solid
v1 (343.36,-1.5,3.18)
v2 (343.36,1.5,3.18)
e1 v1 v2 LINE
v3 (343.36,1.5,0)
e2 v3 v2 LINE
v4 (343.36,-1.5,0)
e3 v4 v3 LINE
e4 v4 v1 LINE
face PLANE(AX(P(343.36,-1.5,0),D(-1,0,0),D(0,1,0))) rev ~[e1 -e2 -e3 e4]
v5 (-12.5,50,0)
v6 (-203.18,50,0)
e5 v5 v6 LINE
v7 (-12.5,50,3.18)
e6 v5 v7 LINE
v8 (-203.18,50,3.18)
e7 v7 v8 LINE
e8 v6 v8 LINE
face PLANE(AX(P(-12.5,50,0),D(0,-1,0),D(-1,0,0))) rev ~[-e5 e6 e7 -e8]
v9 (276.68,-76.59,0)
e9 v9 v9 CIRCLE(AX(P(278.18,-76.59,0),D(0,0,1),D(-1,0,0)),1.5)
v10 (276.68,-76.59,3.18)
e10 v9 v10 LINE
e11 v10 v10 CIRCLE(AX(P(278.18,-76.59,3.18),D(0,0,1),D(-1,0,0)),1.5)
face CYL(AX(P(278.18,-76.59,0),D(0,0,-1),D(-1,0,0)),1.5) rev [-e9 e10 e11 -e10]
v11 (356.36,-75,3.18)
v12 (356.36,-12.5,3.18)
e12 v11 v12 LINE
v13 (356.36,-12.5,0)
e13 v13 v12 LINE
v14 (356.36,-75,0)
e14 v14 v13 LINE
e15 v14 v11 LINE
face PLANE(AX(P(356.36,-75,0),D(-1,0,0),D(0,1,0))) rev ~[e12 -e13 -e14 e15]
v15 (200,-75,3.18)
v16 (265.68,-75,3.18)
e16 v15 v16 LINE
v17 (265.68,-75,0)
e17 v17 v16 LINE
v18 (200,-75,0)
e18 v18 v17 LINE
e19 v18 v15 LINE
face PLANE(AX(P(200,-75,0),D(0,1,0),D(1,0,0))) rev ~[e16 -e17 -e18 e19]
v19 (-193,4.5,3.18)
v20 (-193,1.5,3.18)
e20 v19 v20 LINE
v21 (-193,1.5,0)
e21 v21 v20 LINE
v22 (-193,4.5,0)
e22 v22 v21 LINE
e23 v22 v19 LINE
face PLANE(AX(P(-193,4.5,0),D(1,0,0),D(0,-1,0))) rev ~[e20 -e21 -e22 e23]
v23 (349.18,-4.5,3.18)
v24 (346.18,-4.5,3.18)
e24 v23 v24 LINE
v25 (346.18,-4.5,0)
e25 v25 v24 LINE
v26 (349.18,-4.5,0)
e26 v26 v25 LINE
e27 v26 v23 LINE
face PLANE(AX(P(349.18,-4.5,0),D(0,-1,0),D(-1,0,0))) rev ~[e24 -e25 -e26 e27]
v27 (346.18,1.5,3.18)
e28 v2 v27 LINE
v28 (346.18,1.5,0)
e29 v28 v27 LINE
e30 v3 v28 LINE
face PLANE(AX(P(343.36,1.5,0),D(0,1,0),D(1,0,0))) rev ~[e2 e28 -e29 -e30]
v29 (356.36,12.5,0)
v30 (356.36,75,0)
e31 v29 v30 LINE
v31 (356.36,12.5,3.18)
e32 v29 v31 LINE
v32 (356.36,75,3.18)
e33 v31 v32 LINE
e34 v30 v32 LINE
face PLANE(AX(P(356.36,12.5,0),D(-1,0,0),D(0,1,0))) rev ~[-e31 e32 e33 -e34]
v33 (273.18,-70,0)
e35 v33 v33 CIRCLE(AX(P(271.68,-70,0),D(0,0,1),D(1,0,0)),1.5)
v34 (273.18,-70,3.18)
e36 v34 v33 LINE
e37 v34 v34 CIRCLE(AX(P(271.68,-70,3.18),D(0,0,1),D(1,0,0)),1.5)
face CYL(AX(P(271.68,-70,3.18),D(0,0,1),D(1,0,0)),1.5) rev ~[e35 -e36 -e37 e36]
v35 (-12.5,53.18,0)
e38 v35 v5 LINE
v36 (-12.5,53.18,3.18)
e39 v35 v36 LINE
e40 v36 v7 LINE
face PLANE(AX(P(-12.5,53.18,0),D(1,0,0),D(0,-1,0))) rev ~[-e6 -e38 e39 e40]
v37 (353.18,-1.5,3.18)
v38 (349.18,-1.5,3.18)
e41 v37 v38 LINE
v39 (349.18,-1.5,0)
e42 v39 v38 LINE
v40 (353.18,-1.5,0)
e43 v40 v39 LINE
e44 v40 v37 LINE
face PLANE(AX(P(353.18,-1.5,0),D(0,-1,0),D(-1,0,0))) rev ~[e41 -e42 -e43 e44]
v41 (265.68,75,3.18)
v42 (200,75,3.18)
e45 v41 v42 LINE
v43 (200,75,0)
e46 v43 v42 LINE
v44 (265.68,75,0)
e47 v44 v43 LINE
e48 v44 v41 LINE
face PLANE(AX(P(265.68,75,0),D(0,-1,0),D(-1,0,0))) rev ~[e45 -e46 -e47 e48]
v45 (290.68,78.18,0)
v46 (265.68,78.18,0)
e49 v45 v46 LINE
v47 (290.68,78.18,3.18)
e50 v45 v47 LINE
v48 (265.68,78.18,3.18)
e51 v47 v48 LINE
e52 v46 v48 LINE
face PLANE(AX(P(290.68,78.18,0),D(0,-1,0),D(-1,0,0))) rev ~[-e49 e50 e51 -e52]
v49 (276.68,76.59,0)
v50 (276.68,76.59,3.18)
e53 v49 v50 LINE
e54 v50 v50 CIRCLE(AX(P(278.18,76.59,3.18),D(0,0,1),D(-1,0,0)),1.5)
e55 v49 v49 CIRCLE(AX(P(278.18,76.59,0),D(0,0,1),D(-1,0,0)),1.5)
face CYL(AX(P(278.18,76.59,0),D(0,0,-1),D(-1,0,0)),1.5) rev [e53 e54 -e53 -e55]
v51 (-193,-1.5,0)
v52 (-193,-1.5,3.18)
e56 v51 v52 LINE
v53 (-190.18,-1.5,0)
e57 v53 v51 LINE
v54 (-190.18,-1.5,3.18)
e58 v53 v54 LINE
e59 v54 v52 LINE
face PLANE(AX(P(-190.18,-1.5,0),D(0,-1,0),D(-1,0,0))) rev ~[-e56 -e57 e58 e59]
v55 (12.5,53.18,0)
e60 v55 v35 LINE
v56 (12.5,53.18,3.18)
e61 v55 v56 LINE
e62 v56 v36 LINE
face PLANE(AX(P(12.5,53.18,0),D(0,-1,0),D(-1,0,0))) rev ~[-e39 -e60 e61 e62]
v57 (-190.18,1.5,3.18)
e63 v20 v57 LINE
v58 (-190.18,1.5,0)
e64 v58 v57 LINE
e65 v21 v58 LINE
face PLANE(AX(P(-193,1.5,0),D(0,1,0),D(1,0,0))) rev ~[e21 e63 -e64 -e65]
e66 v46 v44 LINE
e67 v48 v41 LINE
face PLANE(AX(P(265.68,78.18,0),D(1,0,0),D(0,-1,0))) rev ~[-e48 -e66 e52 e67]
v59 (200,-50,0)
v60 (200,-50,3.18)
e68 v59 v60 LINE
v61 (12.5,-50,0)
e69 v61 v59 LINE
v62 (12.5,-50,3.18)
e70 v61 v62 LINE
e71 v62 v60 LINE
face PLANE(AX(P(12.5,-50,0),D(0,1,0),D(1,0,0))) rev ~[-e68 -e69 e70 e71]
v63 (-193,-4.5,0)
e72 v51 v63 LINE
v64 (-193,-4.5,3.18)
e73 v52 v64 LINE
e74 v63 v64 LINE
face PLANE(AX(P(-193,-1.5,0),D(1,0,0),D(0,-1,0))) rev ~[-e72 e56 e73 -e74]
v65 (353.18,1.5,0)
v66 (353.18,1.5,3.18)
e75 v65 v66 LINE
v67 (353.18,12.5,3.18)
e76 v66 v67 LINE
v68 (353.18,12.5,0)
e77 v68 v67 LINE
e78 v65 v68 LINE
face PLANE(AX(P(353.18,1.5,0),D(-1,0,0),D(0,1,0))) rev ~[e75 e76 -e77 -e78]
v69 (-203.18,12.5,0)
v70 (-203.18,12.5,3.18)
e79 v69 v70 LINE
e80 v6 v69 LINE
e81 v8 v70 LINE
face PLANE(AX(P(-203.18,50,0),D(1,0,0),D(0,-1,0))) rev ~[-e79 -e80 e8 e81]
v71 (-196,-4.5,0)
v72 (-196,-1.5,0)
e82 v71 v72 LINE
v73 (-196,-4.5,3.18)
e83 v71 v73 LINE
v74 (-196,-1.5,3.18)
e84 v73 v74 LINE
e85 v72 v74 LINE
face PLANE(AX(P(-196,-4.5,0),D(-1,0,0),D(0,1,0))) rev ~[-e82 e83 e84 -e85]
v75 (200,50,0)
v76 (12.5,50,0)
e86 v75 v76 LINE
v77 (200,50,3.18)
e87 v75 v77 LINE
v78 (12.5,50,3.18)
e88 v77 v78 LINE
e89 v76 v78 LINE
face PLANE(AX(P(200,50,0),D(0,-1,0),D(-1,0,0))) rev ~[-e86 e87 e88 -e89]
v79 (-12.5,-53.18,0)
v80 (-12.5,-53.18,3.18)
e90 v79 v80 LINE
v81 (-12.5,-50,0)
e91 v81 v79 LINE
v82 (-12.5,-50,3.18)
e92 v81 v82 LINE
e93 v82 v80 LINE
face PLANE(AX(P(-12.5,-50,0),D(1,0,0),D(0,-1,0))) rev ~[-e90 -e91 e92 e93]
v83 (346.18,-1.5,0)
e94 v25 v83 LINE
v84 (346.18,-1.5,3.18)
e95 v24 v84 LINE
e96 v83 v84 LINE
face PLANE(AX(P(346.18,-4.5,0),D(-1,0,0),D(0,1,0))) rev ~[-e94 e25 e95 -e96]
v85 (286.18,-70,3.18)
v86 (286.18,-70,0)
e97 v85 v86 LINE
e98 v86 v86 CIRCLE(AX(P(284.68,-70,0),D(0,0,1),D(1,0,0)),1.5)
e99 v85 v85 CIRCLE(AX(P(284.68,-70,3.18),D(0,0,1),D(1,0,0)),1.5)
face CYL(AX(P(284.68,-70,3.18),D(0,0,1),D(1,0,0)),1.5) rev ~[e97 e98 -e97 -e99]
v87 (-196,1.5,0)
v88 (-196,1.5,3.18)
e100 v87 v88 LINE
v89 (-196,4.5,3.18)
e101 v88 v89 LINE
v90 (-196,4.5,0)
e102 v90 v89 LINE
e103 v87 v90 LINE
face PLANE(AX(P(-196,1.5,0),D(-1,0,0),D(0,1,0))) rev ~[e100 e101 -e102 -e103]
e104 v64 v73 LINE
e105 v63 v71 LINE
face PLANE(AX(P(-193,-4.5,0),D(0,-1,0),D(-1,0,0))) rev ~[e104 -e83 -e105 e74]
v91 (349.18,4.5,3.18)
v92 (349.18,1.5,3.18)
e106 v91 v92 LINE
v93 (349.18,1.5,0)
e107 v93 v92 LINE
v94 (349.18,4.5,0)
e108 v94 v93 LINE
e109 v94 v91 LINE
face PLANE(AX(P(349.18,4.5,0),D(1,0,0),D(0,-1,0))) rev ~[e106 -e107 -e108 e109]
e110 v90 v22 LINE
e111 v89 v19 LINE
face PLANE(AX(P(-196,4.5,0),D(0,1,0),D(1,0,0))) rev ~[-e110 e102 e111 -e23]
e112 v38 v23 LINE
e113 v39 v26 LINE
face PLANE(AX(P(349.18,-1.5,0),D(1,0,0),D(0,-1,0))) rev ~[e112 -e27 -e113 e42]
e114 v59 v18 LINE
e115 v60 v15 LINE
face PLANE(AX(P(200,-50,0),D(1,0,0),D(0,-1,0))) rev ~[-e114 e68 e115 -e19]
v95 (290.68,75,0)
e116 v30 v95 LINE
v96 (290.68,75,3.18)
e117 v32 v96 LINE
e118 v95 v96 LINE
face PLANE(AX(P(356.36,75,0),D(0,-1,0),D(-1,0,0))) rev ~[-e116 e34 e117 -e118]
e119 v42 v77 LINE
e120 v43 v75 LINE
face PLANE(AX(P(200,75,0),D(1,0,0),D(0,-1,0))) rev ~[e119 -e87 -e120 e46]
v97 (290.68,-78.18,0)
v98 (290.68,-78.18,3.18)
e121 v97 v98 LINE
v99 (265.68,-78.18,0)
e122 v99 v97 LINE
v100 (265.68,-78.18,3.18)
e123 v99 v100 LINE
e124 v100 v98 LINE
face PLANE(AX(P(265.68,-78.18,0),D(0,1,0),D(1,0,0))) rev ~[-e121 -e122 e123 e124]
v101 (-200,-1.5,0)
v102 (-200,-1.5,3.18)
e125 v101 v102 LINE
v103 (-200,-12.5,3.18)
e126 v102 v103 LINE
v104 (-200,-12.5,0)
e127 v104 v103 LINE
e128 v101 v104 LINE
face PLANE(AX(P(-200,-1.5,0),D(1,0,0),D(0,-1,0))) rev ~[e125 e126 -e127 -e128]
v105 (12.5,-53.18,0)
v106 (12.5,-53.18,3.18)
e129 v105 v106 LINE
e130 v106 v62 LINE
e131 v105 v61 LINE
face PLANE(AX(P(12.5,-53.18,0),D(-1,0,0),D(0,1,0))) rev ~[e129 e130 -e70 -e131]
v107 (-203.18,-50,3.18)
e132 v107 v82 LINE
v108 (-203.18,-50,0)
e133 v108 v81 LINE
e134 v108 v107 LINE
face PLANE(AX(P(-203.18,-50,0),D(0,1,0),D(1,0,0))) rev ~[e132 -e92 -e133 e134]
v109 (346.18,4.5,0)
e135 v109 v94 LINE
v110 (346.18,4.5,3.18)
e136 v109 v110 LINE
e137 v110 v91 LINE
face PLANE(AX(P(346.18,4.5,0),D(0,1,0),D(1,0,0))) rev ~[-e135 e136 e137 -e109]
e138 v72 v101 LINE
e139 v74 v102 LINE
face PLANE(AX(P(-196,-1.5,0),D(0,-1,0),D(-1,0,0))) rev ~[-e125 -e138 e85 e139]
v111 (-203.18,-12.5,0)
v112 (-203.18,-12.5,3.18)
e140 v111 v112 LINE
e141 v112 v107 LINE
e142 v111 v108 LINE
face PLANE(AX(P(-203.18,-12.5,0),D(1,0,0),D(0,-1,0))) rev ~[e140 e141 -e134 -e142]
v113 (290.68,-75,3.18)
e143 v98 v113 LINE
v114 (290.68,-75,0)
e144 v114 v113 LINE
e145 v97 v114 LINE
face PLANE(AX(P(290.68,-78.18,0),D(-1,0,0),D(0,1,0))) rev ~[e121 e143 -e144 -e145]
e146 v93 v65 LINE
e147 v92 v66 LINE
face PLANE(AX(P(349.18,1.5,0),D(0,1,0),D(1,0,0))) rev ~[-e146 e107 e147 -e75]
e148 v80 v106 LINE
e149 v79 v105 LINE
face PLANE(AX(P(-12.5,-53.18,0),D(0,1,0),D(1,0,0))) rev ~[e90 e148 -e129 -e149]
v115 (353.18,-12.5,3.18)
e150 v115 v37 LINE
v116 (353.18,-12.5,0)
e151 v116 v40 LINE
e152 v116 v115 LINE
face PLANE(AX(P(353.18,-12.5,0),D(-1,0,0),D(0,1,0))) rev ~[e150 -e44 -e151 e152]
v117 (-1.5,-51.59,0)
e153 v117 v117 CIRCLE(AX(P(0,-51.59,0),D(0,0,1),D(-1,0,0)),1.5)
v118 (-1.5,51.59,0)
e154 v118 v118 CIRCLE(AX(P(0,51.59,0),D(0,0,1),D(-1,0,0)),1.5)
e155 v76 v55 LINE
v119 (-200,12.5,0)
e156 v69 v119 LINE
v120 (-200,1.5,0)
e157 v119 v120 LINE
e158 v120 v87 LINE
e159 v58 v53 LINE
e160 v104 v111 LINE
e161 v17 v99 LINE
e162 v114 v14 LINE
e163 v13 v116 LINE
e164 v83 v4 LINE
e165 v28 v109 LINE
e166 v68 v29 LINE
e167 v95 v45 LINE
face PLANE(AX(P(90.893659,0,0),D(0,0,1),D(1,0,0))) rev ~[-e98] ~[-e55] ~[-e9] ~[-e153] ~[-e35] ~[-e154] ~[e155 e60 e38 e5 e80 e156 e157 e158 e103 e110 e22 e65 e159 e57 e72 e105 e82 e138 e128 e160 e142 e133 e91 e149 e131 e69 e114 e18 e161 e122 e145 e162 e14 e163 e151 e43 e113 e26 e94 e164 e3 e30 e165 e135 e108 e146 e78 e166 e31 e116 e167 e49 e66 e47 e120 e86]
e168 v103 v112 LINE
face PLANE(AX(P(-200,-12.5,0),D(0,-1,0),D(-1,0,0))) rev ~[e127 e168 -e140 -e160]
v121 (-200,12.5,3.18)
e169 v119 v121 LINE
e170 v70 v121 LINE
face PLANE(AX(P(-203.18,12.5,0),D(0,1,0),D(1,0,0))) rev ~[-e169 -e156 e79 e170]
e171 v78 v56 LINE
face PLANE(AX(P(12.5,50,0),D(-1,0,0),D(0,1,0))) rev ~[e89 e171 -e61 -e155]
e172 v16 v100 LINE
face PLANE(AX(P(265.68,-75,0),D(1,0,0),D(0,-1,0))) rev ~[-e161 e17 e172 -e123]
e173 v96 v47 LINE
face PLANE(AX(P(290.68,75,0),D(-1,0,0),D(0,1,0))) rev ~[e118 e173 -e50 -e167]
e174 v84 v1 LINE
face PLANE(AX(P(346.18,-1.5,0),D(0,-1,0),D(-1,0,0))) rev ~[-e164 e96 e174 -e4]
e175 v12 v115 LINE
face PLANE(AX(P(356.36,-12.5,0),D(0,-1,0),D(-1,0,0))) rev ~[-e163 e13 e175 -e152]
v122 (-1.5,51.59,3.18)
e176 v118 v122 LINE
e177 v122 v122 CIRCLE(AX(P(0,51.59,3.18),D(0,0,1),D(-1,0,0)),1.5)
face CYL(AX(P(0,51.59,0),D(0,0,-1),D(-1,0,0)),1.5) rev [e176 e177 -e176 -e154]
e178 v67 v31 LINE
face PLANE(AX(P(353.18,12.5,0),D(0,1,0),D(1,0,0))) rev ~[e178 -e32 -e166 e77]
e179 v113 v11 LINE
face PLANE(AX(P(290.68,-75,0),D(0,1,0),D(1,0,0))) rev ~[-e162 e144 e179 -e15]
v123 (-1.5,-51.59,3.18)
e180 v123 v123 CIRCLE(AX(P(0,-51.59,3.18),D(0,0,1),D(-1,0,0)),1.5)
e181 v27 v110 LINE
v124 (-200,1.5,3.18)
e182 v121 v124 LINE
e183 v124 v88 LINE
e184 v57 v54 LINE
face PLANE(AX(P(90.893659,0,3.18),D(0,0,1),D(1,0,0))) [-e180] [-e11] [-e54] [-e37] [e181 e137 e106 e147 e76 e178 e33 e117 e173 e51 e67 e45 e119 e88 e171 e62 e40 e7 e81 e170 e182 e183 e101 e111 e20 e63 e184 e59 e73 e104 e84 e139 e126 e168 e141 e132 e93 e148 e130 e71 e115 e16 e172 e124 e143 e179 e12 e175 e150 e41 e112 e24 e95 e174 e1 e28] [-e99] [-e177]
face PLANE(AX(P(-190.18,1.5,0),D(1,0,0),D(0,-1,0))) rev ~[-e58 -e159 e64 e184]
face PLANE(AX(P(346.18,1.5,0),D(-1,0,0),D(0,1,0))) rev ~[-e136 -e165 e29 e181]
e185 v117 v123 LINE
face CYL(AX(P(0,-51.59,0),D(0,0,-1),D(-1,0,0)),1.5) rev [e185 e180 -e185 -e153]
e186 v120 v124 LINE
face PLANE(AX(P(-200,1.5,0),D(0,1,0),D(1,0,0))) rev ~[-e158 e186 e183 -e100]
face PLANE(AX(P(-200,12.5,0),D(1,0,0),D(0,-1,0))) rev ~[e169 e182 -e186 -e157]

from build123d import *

# Parameters (mm, degrees)
SKETCH1_R           = 1.5
BOSS_EXTRUDE1_DEPTH = 3.18
SKETCH2_R           = 1.5
CUT_EXTRUDE1_DEPTH  = 10


with BuildPart() as part:
    # Sketch1 → Boss-Extrude1 (new body)
    with BuildSketch(Plane.XY):
        Polygon((-203.18, 50), (-203.18, 12.5), (-200, 12.5), (-200, 1.5), (-196, 1.5), (-196, 4.5), (-193, 4.5), (-193, 1.5), (-190.18, 1.5), (-190.18, -1.5), (-193, -1.5), (-193, -4.5), (-196, -4.5), (-196, -1.5), (-200, -1.5), (-200, -12.5), (-203.18, -12.5), (-203.18, -50), (-12.5, -50), (-12.5, -53.18), (12.5, -53.18), (12.5, -50), (200, -50), (200, -75), (265.68, -75), (265.68, -78.18), (290.68, -78.18), (290.68, -75), (356.36, -75), (356.36, -12.5), (353.18, -12.5), (353.18, -1.5), (349.18, -1.5), (349.18, -4.5), (346.18, -4.5), (346.18, -1.5), (343.36, -1.5), (343.36, 1.5), (346.18, 1.5), (346.18, 4.5), (349.18, 4.5), (349.18, 1.5), (353.18, 1.5), (353.18, 12.5), (356.36, 12.5), (356.36, 75), (290.68, 75), (290.68, 78.18), (265.68, 78.18), (265.68, 75), (200, 75), (200, 50), (12.5, 50), (12.5, 53.18), (-12.5, 53.18), (-12.5, 50), align=None)
        with Locations(Location((0, -51.59, 0), (0, 0, 180))):
            Circle(SKETCH1_R, mode=Mode.SUBTRACT)
        with Locations(Location((0, 51.59, 0), (0, 0, 180))):
            Circle(SKETCH1_R, mode=Mode.SUBTRACT)
        with Locations(Location((278.18, -76.59, 0), (0, 0, 180))):
            Circle(SKETCH1_R, mode=Mode.SUBTRACT)
        with Locations(Location((278.18, 76.59, 0), (0, 0, 180))):
            Circle(SKETCH1_R, mode=Mode.SUBTRACT)
    extrude(amount=BOSS_EXTRUDE1_DEPTH)

    # Sketch2 → Cut-Extrude1 (cut)
    with BuildSketch(Plane.XY.offset(3.18)):
        with Locations((284.68, -70)):
            Circle(SKETCH2_R)
        with Locations((271.68, -70)):
            Circle(SKETCH2_R)
    extrude(amount=-CUT_EXTRUDE1_DEPTH, mode=Mode.SUBTRACT)


solid = part.part
